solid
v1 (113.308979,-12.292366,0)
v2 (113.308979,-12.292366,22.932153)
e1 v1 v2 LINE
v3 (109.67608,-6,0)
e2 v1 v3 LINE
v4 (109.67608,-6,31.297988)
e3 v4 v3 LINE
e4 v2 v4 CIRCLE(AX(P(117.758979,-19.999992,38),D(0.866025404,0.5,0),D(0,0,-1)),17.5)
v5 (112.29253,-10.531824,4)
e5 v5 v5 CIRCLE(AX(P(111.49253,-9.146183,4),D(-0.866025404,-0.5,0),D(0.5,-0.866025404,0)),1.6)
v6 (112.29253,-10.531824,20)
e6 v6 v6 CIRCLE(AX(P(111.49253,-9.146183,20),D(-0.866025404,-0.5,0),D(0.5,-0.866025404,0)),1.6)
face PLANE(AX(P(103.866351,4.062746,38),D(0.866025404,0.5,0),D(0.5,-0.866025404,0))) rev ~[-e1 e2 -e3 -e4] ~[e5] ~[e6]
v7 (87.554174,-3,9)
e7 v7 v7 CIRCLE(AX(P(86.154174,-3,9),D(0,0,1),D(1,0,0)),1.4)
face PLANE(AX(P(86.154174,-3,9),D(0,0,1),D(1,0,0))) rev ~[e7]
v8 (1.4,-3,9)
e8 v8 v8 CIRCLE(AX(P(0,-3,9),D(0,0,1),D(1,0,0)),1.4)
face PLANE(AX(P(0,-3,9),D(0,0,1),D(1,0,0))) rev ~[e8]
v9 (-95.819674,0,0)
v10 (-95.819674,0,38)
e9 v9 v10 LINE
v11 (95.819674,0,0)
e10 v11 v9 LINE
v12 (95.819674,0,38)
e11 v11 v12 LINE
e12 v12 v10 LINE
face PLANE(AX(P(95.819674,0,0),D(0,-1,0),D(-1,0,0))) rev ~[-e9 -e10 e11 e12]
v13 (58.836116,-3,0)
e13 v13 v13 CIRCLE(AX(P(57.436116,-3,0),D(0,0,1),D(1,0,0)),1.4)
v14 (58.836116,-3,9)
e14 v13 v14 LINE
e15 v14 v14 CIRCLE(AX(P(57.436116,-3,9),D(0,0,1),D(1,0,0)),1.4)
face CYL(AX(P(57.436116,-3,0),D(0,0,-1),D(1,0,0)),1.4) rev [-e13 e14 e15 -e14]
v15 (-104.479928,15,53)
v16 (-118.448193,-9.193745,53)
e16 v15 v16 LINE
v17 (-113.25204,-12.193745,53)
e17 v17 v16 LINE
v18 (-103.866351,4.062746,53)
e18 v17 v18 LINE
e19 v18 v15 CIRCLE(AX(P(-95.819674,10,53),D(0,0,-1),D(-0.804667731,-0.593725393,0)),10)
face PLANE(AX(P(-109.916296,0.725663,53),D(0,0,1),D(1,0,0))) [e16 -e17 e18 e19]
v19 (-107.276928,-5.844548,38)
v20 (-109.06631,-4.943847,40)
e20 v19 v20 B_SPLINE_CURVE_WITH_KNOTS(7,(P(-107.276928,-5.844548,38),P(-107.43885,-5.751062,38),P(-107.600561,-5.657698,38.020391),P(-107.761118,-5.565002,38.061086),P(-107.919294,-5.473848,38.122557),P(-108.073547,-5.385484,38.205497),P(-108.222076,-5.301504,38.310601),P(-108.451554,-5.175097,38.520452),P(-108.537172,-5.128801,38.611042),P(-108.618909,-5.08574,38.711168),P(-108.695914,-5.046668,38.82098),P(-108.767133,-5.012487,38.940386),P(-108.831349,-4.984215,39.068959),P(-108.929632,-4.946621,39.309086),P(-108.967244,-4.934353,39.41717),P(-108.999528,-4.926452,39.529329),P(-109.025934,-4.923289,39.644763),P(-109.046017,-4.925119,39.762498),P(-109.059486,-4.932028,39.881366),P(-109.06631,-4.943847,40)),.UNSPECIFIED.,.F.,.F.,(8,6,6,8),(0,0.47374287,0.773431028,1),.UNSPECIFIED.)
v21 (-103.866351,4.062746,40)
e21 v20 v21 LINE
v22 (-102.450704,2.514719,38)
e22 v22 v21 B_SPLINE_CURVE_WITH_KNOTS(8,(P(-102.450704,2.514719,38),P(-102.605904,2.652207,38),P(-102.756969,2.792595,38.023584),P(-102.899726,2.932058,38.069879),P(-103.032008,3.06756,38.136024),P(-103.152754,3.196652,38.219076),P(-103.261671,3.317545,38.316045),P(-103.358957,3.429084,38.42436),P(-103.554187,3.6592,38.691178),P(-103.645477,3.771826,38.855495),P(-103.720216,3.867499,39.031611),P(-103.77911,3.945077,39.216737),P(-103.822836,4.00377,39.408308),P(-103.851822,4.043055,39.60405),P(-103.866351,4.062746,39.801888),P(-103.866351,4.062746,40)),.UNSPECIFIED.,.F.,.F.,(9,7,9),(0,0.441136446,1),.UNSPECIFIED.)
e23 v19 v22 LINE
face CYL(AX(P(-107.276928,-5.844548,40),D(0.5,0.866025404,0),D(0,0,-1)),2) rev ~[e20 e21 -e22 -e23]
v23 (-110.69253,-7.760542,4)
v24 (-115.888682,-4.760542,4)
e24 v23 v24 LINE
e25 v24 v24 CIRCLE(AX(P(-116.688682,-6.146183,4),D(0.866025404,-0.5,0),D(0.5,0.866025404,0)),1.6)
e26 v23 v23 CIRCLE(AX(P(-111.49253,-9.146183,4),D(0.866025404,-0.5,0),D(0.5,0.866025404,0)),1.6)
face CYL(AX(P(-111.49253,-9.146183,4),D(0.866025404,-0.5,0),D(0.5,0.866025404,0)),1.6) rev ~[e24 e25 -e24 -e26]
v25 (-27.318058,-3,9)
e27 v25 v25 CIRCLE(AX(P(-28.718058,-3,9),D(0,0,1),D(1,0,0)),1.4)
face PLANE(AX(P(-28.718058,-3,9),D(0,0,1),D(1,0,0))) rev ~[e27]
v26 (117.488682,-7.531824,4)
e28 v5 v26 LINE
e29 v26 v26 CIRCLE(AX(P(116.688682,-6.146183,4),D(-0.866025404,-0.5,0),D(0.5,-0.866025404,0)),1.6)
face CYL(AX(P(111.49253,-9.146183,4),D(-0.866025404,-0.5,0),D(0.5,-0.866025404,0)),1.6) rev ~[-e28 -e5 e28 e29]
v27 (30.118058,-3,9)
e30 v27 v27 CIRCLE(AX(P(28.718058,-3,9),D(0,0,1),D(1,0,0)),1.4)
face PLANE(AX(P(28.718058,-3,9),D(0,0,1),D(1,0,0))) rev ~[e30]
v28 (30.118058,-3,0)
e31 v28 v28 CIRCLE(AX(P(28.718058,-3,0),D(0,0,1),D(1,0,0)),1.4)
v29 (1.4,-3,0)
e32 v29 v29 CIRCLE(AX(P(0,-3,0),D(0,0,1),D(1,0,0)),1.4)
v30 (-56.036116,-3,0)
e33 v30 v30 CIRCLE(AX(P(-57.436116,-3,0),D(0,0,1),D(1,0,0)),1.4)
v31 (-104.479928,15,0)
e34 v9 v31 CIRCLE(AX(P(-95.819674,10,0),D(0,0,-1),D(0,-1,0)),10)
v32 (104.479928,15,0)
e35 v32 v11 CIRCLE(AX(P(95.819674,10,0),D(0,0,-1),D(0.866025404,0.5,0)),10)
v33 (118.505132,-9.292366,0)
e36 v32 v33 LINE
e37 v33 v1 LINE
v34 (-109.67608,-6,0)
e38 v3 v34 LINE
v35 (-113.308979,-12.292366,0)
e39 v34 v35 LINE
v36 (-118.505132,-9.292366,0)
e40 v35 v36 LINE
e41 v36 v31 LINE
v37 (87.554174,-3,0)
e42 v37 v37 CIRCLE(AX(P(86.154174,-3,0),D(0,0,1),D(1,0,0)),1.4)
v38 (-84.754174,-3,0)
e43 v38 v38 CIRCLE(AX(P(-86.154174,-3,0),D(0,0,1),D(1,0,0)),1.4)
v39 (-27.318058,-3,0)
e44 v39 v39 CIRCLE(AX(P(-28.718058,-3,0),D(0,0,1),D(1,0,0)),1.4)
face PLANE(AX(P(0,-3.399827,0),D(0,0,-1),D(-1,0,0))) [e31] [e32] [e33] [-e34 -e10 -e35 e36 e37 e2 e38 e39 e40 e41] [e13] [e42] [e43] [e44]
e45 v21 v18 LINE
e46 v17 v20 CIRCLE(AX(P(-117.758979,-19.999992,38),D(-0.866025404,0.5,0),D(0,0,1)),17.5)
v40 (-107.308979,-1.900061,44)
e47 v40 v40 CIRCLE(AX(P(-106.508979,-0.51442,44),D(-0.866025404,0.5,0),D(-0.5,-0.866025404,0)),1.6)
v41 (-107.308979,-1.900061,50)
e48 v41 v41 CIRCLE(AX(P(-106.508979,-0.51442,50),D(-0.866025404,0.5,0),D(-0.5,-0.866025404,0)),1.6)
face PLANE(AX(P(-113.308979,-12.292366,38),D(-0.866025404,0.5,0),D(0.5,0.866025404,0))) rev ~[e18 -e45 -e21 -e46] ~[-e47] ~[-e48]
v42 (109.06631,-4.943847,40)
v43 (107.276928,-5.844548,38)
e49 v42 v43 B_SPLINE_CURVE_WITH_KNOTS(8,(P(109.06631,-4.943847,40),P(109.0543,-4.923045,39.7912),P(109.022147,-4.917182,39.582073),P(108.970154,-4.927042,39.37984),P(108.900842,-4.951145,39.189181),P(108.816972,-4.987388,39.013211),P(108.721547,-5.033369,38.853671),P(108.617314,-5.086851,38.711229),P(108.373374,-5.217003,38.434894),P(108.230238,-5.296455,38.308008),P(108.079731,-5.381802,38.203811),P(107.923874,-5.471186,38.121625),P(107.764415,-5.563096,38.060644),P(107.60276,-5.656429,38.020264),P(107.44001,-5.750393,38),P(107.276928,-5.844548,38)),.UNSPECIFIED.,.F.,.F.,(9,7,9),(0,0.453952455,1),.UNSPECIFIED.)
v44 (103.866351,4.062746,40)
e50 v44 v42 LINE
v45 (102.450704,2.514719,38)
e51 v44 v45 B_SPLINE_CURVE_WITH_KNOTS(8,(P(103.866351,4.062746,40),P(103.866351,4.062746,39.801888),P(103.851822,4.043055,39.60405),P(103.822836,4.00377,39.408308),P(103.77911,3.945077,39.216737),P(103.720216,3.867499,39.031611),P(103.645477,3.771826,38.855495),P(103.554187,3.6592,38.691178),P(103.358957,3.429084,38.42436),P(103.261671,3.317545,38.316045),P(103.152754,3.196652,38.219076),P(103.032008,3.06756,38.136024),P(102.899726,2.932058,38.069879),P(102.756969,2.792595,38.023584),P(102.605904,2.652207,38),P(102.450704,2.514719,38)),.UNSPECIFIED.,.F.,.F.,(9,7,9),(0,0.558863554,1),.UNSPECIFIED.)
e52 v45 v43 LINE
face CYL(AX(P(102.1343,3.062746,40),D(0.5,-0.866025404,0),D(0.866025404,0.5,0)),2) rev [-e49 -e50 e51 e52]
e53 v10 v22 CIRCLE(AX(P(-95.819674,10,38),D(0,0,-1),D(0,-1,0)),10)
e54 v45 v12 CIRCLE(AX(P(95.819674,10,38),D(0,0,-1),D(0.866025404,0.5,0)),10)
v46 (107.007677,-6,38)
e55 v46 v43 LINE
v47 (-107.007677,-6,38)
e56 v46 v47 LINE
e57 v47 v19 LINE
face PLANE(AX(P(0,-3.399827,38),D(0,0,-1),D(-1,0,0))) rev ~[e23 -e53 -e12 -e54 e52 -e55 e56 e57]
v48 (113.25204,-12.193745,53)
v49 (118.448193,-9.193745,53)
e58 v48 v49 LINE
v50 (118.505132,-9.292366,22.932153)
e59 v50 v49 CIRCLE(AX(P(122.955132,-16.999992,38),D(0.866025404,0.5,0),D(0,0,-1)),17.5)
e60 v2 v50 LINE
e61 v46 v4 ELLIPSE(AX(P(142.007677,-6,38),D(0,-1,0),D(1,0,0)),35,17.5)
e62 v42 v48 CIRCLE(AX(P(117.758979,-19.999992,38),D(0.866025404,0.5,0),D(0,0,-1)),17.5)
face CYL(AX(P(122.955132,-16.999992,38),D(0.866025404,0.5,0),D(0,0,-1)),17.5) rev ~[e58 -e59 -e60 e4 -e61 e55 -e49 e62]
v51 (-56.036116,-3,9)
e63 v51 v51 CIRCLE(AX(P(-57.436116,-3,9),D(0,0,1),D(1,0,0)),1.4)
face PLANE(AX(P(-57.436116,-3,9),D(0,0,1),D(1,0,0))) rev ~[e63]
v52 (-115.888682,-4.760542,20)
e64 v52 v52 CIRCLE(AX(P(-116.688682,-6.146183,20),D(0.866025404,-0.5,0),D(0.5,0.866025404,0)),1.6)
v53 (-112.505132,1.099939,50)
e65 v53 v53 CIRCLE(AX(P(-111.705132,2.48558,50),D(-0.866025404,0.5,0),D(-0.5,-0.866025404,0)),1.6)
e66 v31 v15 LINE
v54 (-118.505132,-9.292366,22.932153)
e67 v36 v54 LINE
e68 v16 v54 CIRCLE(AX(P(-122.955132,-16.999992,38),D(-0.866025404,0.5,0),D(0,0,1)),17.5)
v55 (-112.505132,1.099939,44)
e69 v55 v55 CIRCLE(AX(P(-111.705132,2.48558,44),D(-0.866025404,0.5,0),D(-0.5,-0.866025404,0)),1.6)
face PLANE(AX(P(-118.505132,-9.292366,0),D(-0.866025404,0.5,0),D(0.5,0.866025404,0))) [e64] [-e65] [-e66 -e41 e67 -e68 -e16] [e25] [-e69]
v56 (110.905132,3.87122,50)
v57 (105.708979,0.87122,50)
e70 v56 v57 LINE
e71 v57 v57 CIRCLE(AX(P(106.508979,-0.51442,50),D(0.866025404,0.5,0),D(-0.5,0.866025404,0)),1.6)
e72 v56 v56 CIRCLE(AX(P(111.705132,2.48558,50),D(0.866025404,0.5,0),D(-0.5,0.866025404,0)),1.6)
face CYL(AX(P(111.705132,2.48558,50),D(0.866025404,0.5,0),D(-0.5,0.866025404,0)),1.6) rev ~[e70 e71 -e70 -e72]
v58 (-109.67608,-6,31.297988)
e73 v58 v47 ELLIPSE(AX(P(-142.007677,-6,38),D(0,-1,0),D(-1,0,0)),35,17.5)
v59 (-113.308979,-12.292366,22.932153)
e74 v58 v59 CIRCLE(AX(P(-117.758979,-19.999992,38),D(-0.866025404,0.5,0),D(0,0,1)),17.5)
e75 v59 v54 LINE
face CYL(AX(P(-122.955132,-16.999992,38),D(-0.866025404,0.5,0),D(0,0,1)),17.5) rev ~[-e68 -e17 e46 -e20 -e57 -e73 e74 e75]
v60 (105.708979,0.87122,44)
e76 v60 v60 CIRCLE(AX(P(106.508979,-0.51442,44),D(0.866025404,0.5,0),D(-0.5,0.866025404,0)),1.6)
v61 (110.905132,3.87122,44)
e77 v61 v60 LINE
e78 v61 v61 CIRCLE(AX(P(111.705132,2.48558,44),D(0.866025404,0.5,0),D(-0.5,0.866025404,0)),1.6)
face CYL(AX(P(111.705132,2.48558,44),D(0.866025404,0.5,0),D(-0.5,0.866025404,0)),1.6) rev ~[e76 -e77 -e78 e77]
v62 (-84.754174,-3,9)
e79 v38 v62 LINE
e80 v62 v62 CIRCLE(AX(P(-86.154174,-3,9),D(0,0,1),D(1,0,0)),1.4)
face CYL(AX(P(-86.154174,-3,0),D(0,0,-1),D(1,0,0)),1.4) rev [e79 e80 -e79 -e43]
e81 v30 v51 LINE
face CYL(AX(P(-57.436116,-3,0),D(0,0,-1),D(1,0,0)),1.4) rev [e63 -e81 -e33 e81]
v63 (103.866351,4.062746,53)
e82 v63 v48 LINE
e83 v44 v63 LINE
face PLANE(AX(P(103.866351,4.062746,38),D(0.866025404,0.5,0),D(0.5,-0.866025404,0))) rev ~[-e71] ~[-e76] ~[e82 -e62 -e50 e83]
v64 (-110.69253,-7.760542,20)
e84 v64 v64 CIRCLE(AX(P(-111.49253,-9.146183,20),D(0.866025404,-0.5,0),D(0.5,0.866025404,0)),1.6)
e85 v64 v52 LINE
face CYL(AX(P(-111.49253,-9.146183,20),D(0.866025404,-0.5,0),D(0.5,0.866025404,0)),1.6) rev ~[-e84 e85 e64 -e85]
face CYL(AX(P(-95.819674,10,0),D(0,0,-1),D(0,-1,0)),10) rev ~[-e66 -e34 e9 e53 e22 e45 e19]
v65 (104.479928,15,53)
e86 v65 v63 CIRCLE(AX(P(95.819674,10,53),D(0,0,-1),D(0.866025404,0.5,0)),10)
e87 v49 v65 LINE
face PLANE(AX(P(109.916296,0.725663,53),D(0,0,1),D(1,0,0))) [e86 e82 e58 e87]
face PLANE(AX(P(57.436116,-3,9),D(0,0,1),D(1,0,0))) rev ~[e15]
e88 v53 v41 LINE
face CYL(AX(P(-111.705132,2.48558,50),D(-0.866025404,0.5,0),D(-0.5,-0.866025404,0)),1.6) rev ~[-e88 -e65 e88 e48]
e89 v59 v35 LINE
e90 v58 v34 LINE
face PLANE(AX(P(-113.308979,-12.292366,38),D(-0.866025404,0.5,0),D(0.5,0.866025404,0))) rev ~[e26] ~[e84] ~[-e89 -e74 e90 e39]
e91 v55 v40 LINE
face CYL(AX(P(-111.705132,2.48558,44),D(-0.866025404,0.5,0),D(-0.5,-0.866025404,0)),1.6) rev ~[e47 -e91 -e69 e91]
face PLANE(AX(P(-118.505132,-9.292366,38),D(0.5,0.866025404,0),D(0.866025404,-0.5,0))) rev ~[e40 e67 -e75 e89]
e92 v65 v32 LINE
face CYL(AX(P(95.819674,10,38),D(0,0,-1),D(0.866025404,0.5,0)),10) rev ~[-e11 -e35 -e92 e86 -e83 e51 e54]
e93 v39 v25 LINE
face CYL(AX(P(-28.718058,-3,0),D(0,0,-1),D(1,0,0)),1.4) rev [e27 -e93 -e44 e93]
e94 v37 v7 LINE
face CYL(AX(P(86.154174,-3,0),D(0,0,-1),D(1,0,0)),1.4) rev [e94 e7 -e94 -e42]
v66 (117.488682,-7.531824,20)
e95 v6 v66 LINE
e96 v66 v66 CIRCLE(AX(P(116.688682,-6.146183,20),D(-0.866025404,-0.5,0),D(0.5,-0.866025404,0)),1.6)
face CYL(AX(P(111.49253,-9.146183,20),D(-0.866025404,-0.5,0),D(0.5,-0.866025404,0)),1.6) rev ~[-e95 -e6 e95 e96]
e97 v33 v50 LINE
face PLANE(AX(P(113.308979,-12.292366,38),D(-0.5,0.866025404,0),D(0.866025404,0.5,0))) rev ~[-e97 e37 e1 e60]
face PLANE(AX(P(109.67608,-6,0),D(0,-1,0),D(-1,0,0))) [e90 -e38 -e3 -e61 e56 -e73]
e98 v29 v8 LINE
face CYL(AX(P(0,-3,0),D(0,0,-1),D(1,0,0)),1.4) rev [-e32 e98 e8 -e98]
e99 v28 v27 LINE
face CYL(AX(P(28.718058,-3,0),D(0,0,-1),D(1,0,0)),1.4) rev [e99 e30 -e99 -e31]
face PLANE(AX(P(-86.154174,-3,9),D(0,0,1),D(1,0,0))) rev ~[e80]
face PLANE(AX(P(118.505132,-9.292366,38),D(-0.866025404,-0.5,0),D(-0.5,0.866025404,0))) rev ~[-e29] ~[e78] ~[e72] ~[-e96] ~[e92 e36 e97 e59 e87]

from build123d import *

# Parameters (mm, degrees)
BOSS_EXTRUDE1_DEPTH = 2
BOSS_EXTRUDE2_DEPTH = 38
MANUAL_FILLET_DEPTH = 38
SKETCH7_R           = 1.399999999999996
SKETCH7_R_2         = 1.4
SKETCH7_R_3         = 1.3999999999999992
SKETCH7_R_4         = 1.4000000000000026
BOTTOM_SCREWS_DEPTH = 9
LEFT_SCREWS_REACH   = 212.024
SKETCH8_R           = 1.6000000000000127
SKETCH8_R_2         = 1.600000000000008
RIGHT_SCREWS_REACH  = 212.024
SKETCH9_R           = 1.6000000000000127
SKETCH9_R_2         = 1.600000000000007
BOSS_EXTRUDE3_DEPTH = 15
CUT_EXTRUDE1_REACH  = 220.907
SKETCH10_R          = 17.50000000000029
SKETCH10_R_2        = 1.6000000000000194
SKETCH10_R_3        = 1.5999999999999908
CUT_EXTRUDE2_REACH  = 220.907
SKETCH11_R          = 17.500000000000004
SKETCH11_R_2        = 1.600000000000006
SKETCH11_R_3        = 1.5999999999999974
FILLET1_R           = 2


with BuildPart() as part:
    # Sketch2 → Boss-Extrude1 (new body)
    with BuildSketch(Plane.XY):
        Polygon((-113.14018169510446, 0), (113.14018169510446, 2.771e-14), (118.50513169510454, -9.292365980066561), (113.30897927239795, -12.292365980066618), (109.67608007996674, -5.999999999999973), (-109.67608007996674, -6), (-113.30897927239795, -12.292365980066647), (-118.50513169510454, -9.292365980066593), align=None)
    extrude(amount=BOSS_EXTRUDE1_DEPTH)

    # Sketch2<3> → Boss-Extrude2 (add)
    with BuildSketch(Plane.XY):
        Polygon((-113.14018169510446, 0), (113.14018169510446, 2.771e-14), (118.50513169510454, -9.292365980066561), (113.30897927239795, -12.292365980066618), (109.67608007996674, -5.999999999999973), (-109.67608007996674, -6), (-113.30897927239795, -12.292365980066647), (-118.50513169510454, -9.292365980066593), align=None)
    extrude(amount=BOSS_EXTRUDE2_DEPTH)

    # Sketch6 → Manual fillet (add)
    with BuildSketch(Plane(origin=(0, 0, 0), x_dir=(-1, 0, 0), z_dir=(0, 0, -1))):
        with BuildLine():
            Line((-114.87223250267334, -2.99999999999992), (-104.47992765725986, 15.00000000000004))
            ThreePointArc((-104.47992765725986, 15.00000000000004), (-104.47992765725994, 5.00000000000003), (-95.81967361941555, -2.602e-14))
            Line((-95.81967361941555, -2.602e-14), (95.81967361941547, -1.73e-15))
            ThreePointArc((95.81967361941547, -1.73e-15), (104.47992765725988, 5.00000000000004), (104.47992765725981, 15.000000000000083))
            Line((104.47992765725981, 15.000000000000083), (114.87223250267334, -2.999999999999949))
            Line((114.87223250267334, -2.999999999999949), (109.67608007996674, -6))
            Line((109.67608007996674, -6), (-109.67608007996674, -5.999999999999973))
            Line((-109.67608007996674, -5.999999999999973), (-114.87223250267334, -2.99999999999992))
        make_face()
    extrude(amount=-MANUAL_FILLET_DEPTH)

    # Sketch7 → Bottom screws (cut)
    with BuildSketch(Plane.XY):
        with Locations((57.436116251336735, -3.0000000000000004)):
            Circle(SKETCH7_R)
        with Locations((-1.25e-15, -3.0000000000000004)):
            Circle(SKETCH7_R_2)
        with Locations((-57.436116251336564, -3.0000000000000004)):
            Circle(SKETCH7_R)
        with Locations((-28.718058125668286, -3.000000000000001)):
            Circle(SKETCH7_R_3)
        with Locations((28.718058125668367, -3.000000000000001)):
            Circle(SKETCH7_R_3)
        with Locations((-86.15417437700485, -3.000000000000001)):
            Circle(SKETCH7_R_4)
        with Locations((86.15417437700509, -3.000000000000001)):
            Circle(SKETCH7_R_4)
    extrude(amount=BOTTOM_SCREWS_DEPTH, mode=Mode.SUBTRACT)

    # Sketch8 → Left screws (cut, up to next)
    with BuildSketch(Plane(origin=(-79.65898384862079, 45.991135768374306, 0), x_dir=(0, 0, -1), z_dir=(0.8660254037844329, -0.5000000000000101, 0)), mode=Mode.PRIVATE) as left_screws_sk1:
        with Locations(Location((-20, -63.66709165512205, 0), (0, 0, 90))):
            Circle(SKETCH8_R)
    left_screws_tool1 = extrude(left_screws_sk1.sketch, amount=-LEFT_SCREWS_REACH, mode=Mode.PRIVATE) & part.part
    # Sketch8 → Left screws (cut, up to next)
    with BuildSketch(Plane(origin=(-79.65898384862079, 45.991135768374306, 0), x_dir=(0, 0, -1), z_dir=(0.8660254037844329, -0.5000000000000101, 0)), mode=Mode.PRIVATE) as left_screws_sk2:
        with Locations(Location((-4, -63.66709165512205, 0), (0, 0, 90))):
            Circle(SKETCH8_R_2)
    left_screws_tool2 = extrude(left_screws_sk2.sketch, amount=-LEFT_SCREWS_REACH, mode=Mode.PRIVATE) & part.part
    add(left_screws_tool1.solids().sort_by_distance((-111.49253, -9.146183, 20))[0], mode=Mode.SUBTRACT)
    add(left_screws_tool2.solids().sort_by_distance((-111.49253, -9.146183, 4))[0], mode=Mode.SUBTRACT)

    # Sketch9 → Right screws (cut, up to next)
    with BuildSketch(Plane(origin=(79.6589838486208, 45.99113576837435, 0), x_dir=(0, 0, 1), z_dir=(-0.8660254037844329, -0.5000000000000101, 0)), mode=Mode.PRIVATE) as right_screws_sk1:
        with Locations(Location((20, -63.66709165512205, 0), (0, 0, 270))):
            Circle(SKETCH9_R)
    right_screws_tool1 = extrude(right_screws_sk1.sketch, amount=-RIGHT_SCREWS_REACH, mode=Mode.PRIVATE) & part.part
    # Sketch9 → Right screws (cut, up to next)
    with BuildSketch(Plane(origin=(79.6589838486208, 45.99113576837435, 0), x_dir=(0, 0, 1), z_dir=(-0.8660254037844329, -0.5000000000000101, 0)), mode=Mode.PRIVATE) as right_screws_sk2:
        with Locations(Location((4, -63.66709165512205, 0), (0, 0, 270))):
            Circle(SKETCH9_R_2)
    right_screws_tool2 = extrude(right_screws_sk2.sketch, amount=-RIGHT_SCREWS_REACH, mode=Mode.PRIVATE) & part.part
    add(right_screws_tool1.solids().sort_by_distance((111.49253, -9.146183, 20))[0], mode=Mode.SUBTRACT)
    add(right_screws_tool2.solids().sort_by_distance((111.49253, -9.146183, 4))[0], mode=Mode.SUBTRACT)

    # Sketch12 → Boss-Extrude3 (add)
    with BuildSketch(Plane.XY.offset(38.000000000000064)):
        with BuildLine():
            Line((103.86635092950917, 4.062746066806283), (113.30897927239795, -12.292365980066622))
            Line((113.30897927239795, -12.292365980066622), (118.50513169510454, -9.292365980066565))
            Line((118.50513169510454, -9.292365980066565), (104.47992765725988, 15.00000000000004))
            ThreePointArc((104.47992765725988, 15.00000000000004), (105.80397478003607, 9.439883642417866), (103.86635092950917, 4.062746066806283))
        make_face()
        with BuildLine():
            Line((-104.47992765725981, 15.000000000000082), (-118.50513169510454, -9.292365980066597))
            Line((-118.50513169510454, -9.292365980066597), (-113.30897927239795, -12.29236598006665))
            Line((-113.30897927239795, -12.29236598006665), (-103.86635092950914, 4.062746066806313))
            ThreePointArc((-103.86635092950914, 4.062746066806313), (-105.80397478003603, 9.439883642417914), (-104.47992765725981, 15.000000000000082))
        make_face()
    extrude(amount=BOSS_EXTRUDE3_DEPTH)

    # Sketch10 → Cut-Extrude1 (cut, up to next)
    with BuildSketch(Plane(origin=(84.85513627132735, 48.991135768374356, 0), x_dir=(0, 0, -1), z_dir=(0.8660254037844342, 0.500000000000008, 0)), mode=Mode.PRIVATE) as cut_extrude1_sk1:
        with Locations((-38.000000000000085, -76.19999084755334)):
            Circle(SKETCH10_R)
    cut_extrude1_tool1 = extrude(cut_extrude1_sk1.sketch, amount=-CUT_EXTRUDE1_REACH, mode=Mode.PRIVATE) & part.part
    # Sketch10 → Cut-Extrude1 (cut, up to next)
    with BuildSketch(Plane(origin=(84.85513627132735, 48.991135768374356, 0), x_dir=(0, 0, -1), z_dir=(0.8660254037844342, 0.500000000000008, 0)), mode=Mode.PRIVATE) as cut_extrude1_sk2:
        with Locations(Location((-43.99999999999998, -53.69999084755312, 0), (0, 0, 90))):
            Circle(SKETCH10_R_2)
    cut_extrude1_tool2 = extrude(cut_extrude1_sk2.sketch, amount=-CUT_EXTRUDE1_REACH, mode=Mode.PRIVATE) & part.part
    # Sketch10 → Cut-Extrude1 (cut, up to next)
    with BuildSketch(Plane(origin=(84.85513627132735, 48.991135768374356, 0), x_dir=(0, 0, -1), z_dir=(0.8660254037844342, 0.500000000000008, 0)), mode=Mode.PRIVATE) as cut_extrude1_sk3:
        with Locations(Location((-49.99999999999997, -53.69999084755311, 0), (0, 0, 90))):
            Circle(SKETCH10_R_3)
    cut_extrude1_tool3 = extrude(cut_extrude1_sk3.sketch, amount=-CUT_EXTRUDE1_REACH, mode=Mode.PRIVATE) & part.part
    add(cut_extrude1_tool1.solids().sort_by_distance((122.955132, -16.999992, 38))[0], mode=Mode.SUBTRACT)
    add(cut_extrude1_tool2.solids().sort_by_distance((111.705132, 2.48558, 44))[0], mode=Mode.SUBTRACT)
    add(cut_extrude1_tool3.solids().sort_by_distance((111.705132, 2.48558, 50))[0], mode=Mode.SUBTRACT)

    # Sketch11 → Cut-Extrude2 (cut, up to next)
    with BuildSketch(Plane(origin=(-84.85513627132738, 48.99113576837434, 0), x_dir=(0, 0, 1), z_dir=(-0.8660254037844335, 0.500000000000009, 0)), mode=Mode.PRIVATE) as cut_extrude2_sk1:
        with Locations((38.000000000000085, -76.19999084755318)):
            Circle(SKETCH11_R)
    cut_extrude2_tool1 = extrude(cut_extrude2_sk1.sketch, amount=-CUT_EXTRUDE2_REACH, mode=Mode.PRIVATE) & part.part
    # Sketch11 → Cut-Extrude2 (cut, up to next)
    with BuildSketch(Plane(origin=(-84.85513627132738, 48.99113576837434, 0), x_dir=(0, 0, 1), z_dir=(-0.8660254037844335, 0.500000000000009, 0)), mode=Mode.PRIVATE) as cut_extrude2_sk2:
        with Locations(Location((50.00000000000008, -53.699990847553025, 0), (0, 0, 270))):
            Circle(SKETCH11_R_2)
    cut_extrude2_tool2 = extrude(cut_extrude2_sk2.sketch, amount=-CUT_EXTRUDE2_REACH, mode=Mode.PRIVATE) & part.part
    # Sketch11 → Cut-Extrude2 (cut, up to next)
    with BuildSketch(Plane(origin=(-84.85513627132738, 48.99113576837434, 0), x_dir=(0, 0, 1), z_dir=(-0.8660254037844335, 0.500000000000009, 0)), mode=Mode.PRIVATE) as cut_extrude2_sk3:
        with Locations(Location((44.00000000000008, -53.699990847553025, 0), (0, 0, 270))):
            Circle(SKETCH11_R_3)
    cut_extrude2_tool3 = extrude(cut_extrude2_sk3.sketch, amount=-CUT_EXTRUDE2_REACH, mode=Mode.PRIVATE) & part.part
    add(cut_extrude2_tool1.solids().sort_by_distance((-122.955132, -16.999992, 38))[0], mode=Mode.SUBTRACT)
    add(cut_extrude2_tool2.solids().sort_by_distance((-111.705132, 2.48558, 50))[0], mode=Mode.SUBTRACT)
    add(cut_extrude2_tool3.solids().sort_by_distance((-111.705132, 2.48558, 44))[0], mode=Mode.SUBTRACT)

    # Fillet1
    fillet1_edges = [part.edges().sort_by_distance(p)[0] for p in [
        (106.4376651009535, -0.3909007203570517, 38.000000000000064),
        (-106.43766510095352, -0.3909007203571352, 38.000000000000064),
    ]]
    fillet(fillet1_edges, radius=FILLET1_R)


solid = part.part
